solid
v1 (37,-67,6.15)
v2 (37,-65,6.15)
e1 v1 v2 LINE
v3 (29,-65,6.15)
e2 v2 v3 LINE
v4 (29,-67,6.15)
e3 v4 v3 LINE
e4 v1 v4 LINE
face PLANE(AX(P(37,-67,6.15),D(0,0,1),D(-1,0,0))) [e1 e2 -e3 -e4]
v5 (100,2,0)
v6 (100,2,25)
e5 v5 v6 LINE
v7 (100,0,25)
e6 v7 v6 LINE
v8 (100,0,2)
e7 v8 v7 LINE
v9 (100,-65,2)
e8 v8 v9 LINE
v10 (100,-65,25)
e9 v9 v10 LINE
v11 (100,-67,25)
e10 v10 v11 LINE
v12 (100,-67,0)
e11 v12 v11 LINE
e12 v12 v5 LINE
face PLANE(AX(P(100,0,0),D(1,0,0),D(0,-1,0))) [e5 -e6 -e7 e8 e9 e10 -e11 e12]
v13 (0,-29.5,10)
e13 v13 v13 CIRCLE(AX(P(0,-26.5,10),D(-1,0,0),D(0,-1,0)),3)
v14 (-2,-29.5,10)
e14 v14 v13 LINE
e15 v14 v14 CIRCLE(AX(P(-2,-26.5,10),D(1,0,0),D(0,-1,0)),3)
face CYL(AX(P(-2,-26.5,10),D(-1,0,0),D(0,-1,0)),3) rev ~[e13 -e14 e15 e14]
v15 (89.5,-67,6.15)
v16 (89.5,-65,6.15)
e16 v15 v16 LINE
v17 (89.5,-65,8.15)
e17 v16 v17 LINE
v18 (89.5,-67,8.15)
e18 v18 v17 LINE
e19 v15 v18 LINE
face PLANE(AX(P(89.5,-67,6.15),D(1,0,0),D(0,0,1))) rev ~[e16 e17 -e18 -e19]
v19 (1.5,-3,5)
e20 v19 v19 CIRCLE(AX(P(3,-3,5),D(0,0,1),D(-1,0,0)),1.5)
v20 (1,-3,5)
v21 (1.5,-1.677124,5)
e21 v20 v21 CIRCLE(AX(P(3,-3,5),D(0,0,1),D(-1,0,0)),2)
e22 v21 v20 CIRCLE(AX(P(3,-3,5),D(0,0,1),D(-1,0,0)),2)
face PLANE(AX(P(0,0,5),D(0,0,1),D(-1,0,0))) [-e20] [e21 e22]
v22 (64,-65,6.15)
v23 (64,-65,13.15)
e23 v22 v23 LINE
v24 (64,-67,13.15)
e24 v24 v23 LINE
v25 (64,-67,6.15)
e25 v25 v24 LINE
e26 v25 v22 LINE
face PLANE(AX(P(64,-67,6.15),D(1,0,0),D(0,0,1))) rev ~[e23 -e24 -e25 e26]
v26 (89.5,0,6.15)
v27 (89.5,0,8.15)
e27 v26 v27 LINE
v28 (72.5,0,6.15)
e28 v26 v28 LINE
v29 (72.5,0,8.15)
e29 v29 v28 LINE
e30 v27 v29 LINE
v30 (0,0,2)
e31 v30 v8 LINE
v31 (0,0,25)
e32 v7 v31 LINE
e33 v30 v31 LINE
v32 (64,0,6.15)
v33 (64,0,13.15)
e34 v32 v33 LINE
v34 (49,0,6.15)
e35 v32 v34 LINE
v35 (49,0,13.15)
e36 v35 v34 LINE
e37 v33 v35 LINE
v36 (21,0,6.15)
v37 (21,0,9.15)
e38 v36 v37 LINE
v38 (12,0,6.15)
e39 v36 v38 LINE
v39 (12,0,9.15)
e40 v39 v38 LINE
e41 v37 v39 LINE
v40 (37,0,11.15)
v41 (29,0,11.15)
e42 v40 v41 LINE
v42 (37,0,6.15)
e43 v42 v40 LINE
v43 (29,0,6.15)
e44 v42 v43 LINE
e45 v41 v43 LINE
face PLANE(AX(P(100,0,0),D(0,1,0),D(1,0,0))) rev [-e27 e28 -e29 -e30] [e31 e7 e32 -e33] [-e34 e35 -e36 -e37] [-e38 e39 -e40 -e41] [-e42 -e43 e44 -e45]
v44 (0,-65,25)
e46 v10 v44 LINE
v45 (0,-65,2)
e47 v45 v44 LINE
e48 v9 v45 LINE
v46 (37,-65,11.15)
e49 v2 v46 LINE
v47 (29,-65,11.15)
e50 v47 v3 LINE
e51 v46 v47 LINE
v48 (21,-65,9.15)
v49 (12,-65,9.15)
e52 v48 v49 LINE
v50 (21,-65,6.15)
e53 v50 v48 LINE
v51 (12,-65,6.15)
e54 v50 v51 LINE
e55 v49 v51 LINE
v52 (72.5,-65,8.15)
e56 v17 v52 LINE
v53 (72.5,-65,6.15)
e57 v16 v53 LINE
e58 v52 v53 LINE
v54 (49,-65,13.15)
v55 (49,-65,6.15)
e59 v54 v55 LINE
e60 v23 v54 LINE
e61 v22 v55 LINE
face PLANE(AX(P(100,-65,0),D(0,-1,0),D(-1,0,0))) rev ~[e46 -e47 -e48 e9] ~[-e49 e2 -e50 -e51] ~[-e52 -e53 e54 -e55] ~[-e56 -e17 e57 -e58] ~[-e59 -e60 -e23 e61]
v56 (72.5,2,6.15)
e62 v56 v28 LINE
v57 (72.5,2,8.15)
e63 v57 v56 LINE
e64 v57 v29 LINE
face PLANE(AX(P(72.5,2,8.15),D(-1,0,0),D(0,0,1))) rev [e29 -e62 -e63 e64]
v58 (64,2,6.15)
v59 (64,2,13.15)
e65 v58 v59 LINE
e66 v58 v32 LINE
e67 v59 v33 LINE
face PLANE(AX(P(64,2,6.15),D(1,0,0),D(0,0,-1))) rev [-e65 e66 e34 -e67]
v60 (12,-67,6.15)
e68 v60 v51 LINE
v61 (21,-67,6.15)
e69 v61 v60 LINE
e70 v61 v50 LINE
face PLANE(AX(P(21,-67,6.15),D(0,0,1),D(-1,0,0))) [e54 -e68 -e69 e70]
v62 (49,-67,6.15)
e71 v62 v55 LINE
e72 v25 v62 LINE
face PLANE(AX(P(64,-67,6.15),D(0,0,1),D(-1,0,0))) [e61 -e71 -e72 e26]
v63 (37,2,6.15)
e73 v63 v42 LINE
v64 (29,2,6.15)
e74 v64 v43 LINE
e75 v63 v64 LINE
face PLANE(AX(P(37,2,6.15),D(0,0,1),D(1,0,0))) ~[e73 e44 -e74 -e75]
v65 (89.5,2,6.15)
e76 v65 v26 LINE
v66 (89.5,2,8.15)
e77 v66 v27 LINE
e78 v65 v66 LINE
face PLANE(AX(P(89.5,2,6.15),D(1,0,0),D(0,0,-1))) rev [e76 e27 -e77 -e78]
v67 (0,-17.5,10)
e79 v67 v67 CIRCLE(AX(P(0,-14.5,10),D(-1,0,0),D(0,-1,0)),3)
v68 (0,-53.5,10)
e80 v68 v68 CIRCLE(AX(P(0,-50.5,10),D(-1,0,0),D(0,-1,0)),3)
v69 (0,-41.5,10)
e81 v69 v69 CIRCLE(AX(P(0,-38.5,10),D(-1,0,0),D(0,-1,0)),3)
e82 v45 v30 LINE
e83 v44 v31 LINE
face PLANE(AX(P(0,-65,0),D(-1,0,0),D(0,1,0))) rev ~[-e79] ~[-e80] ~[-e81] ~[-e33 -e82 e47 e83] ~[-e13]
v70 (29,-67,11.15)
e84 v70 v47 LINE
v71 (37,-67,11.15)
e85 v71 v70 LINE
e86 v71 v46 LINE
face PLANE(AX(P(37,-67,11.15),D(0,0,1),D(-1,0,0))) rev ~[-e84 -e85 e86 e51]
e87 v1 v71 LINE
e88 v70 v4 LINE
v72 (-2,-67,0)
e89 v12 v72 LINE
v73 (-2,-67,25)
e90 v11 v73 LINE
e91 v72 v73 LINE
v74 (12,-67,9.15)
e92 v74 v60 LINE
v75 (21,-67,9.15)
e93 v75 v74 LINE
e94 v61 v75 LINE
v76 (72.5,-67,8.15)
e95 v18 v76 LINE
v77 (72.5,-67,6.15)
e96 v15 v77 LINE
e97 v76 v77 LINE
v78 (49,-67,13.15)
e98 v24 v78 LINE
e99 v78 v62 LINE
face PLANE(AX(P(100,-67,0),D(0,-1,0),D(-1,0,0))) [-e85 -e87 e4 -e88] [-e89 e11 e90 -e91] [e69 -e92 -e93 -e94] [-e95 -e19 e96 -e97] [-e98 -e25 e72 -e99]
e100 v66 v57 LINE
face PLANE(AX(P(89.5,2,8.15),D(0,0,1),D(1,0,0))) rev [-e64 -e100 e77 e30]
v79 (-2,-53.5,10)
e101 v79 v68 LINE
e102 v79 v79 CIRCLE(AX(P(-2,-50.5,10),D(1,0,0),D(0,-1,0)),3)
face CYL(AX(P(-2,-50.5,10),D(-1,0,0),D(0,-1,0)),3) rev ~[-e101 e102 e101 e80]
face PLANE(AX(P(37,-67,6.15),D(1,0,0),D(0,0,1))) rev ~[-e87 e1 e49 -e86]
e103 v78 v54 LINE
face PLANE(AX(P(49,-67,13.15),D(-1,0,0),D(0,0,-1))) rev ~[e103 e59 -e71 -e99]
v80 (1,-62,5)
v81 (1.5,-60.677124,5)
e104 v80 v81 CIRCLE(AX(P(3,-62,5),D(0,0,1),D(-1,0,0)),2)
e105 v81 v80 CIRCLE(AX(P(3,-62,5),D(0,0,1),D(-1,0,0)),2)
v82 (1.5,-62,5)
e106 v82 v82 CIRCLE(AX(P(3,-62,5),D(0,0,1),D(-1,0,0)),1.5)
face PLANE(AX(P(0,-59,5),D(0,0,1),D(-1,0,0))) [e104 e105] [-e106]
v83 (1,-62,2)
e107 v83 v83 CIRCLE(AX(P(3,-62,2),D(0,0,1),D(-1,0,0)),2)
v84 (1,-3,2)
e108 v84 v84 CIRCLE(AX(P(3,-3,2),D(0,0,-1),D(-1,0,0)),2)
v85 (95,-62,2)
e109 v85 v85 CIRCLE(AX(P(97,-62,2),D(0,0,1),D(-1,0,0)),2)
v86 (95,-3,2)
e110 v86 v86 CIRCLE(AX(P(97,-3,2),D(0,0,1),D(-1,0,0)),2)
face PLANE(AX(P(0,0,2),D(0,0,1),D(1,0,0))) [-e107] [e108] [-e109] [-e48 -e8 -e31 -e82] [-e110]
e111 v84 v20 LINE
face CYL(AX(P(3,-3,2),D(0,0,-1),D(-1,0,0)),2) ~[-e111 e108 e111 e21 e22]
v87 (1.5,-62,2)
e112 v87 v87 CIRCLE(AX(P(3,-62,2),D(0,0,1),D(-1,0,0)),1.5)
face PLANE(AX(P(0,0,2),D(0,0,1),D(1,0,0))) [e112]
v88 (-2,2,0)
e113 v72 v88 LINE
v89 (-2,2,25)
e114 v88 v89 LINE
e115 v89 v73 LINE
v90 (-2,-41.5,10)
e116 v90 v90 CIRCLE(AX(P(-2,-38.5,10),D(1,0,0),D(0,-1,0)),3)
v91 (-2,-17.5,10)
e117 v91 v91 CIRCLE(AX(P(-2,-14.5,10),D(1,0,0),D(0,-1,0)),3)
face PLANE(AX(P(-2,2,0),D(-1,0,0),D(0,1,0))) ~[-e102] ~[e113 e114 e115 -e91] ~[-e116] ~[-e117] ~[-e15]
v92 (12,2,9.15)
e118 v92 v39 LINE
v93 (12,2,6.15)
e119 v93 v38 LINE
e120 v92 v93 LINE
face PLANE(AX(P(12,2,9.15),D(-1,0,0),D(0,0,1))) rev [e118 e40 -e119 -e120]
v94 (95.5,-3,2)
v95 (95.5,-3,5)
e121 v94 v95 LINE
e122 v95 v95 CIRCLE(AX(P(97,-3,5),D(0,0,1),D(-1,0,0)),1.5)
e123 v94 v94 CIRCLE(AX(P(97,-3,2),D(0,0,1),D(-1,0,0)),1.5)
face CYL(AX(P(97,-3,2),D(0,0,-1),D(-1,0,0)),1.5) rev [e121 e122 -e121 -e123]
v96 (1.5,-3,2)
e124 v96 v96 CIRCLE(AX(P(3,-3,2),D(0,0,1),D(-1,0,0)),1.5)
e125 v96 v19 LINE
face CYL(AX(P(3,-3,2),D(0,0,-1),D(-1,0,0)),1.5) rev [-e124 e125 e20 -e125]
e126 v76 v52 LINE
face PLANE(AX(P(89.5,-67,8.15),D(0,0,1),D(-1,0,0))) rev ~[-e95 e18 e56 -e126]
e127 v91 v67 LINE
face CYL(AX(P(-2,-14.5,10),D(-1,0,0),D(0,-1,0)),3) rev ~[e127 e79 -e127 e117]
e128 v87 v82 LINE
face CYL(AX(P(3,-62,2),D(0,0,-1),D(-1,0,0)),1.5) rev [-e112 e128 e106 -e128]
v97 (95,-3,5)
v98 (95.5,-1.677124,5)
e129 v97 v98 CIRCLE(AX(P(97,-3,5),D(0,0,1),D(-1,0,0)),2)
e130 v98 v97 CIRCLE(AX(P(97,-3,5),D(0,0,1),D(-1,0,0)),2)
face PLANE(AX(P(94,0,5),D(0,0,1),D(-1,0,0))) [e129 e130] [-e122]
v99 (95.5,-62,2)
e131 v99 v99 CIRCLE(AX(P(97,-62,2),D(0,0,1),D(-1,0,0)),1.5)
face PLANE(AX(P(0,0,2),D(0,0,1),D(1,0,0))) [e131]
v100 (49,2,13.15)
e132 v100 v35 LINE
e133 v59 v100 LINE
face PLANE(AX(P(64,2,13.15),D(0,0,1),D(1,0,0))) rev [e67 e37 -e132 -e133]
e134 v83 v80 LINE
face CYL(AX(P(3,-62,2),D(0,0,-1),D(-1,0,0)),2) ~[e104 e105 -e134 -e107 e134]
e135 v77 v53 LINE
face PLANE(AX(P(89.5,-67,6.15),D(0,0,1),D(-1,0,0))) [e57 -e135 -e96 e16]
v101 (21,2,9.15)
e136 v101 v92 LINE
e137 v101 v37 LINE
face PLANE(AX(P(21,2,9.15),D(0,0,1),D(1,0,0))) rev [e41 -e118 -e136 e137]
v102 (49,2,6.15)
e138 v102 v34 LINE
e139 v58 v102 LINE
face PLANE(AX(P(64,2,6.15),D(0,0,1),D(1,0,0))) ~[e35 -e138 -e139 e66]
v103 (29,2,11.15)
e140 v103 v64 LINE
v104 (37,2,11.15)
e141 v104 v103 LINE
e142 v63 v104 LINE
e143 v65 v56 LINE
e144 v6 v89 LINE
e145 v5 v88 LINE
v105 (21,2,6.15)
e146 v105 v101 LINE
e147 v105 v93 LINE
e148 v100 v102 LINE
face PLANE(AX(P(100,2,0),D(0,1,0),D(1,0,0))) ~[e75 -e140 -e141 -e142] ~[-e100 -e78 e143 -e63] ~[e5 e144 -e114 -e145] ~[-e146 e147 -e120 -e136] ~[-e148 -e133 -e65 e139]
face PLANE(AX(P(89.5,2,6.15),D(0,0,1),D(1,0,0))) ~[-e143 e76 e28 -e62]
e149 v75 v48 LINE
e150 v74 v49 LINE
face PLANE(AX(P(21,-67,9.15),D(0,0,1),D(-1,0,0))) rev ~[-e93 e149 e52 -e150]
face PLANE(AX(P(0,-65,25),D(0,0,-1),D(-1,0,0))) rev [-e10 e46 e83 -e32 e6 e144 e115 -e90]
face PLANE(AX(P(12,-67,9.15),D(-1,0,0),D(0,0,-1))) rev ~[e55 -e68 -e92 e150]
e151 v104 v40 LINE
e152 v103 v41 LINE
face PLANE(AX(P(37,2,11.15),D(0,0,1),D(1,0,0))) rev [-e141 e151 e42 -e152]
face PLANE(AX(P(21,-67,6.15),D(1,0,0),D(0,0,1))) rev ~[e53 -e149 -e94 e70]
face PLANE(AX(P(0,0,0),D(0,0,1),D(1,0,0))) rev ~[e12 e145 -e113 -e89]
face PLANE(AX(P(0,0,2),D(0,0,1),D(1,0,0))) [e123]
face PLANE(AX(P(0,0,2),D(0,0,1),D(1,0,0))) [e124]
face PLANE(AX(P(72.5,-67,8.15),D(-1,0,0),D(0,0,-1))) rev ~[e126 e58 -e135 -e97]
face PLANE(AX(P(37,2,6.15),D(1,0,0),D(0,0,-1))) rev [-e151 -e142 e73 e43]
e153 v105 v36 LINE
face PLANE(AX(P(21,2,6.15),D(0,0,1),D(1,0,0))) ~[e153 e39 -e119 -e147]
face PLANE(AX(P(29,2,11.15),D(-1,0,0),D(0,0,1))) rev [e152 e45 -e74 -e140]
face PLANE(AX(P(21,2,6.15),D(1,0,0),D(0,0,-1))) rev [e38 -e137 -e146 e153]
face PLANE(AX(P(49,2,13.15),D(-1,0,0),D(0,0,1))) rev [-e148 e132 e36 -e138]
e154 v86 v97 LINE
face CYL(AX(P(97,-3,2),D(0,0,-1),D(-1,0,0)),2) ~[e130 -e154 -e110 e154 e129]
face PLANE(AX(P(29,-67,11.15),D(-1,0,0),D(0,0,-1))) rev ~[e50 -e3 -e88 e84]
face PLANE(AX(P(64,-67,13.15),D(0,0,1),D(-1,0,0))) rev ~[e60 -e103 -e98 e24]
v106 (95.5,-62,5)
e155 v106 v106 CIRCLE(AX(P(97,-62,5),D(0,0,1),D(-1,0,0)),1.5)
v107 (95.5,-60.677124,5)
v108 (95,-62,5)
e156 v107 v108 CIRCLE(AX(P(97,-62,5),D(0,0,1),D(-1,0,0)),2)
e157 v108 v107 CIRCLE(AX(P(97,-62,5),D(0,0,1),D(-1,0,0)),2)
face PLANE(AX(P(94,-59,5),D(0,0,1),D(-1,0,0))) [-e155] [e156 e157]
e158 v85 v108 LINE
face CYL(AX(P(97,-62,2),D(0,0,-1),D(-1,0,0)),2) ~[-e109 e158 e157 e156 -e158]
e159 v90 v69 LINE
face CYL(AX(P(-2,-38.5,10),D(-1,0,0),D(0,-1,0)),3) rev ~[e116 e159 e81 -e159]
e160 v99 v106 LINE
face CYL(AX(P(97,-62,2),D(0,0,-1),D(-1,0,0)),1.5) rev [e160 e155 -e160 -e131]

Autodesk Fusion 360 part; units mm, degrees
sketch "Sketch1" plane through (0, 0, 0) normal (0, 0, 1) x (1, 0, 0)
  line L0 (0, 0) -> (100, 0)
  line L1 (100, 0) -> (100, -65)
  line L2 (100, -65) -> (0, -65)
  line L3 (0, -65) -> (0, 0)
  dimension "d1" = 100
  dimension "d2" = 65
extrude "Extrude1" add sketch "Sketch1" along normal blind 2
sketch "Sketch2" plane through (0, 0, 2) normal (0, 0, 1) x (-1, 0, 0)
  line L0 (0, 65) -> (-100, 65)
  line L1 (-100, 65) -> (-100, 0)
  line L2 (-100, 0) -> (0, 0)
  line L3 (0, 0) -> (0, 65)
  line L4 (0, 65) -> (-120, 65)
  line L5 (-120, 65) -> (-210, 65)
  line L6 (-210, 65) -> (-290, 65)
  line L7 (-290, 65) -> (-370, 65)
  line L8 (-370, 65) -> (-490, 65)
  line L9 (-490, 65) -> (-640, 65)
  line L10 (-640, 65) -> (-725, 65)
  line L11 (-725, 65) -> (-895, 65)
  line L12 (-895, 65) -> (-1000, 65)
  line L13 (0, 0) -> (-1.5, 0)
  line L14 (-1.5, 0) -> (-1.5, 1.5)
  line L15 (-1.5, 1.5) -> (-1.5, 3)
  line L16 (-1.5, 3) -> (-3, 3)
  circle A0 centre (-3, 3) radius 1.5
  circle A1 centre (-3, 3) radius 2
  dimension "d5" = 120
  dimension "d6" = 90
  dimension "d7" = 80
  dimension "d8" = 80
  dimension "d9" = 120
  dimension "d10" = 150
  dimension "d11" = 85
  dimension "d12" = 170
  dimension "d13" = 105
  dimension "d14" = 1.5
  dimension "d15" = 1.5
  dimension "d16" = 1.5
  dimension "d17" = 1.5
  dimension "d18" = 3
extrude "Extrude2" add sketch "Sketch2" along normal blind 3 contours A1
pattern_linear "R-Pattern2" count 2 spacing 94 along (1, 0, 0) count 2 spacing 59 along (0, -1, 0) of "Extrude2"
sketch "Sketch4" plane through (0, 0, 0) normal (0, 0, -1) x (1, 0, 0)
  line L0 (100, 65) -> (0, 65)
  line L1 (0, 65) -> (0, 0)
  line L2 (0, 0) -> (100, 0)
  line L3 (100, 0) -> (100, 65)
  line L4 (0, 0) -> (-2, 0)
  line L5 (-2, 0) -> (-2, 65)
  line L6 (-2, 65) -> (0, 65)
  line L7 (0, 65) -> (0, 0)
  line L8 (-2, 65) -> (100, 65)
  line L9 (100, 65) -> (100, 67)
  line L10 (100, 67) -> (-2, 67)
  line L11 (-2, 67) -> (-2, 65)
  dimension "d37" = 2
  dimension "d38" = 2
extrude "Extrude6" add sketch "Sketch4" against normal blind 25 contours L0 L6 L8 L9 L10 L11 | L1 L4 L5 L6 L7 L8
sketch "Sketch5" plane through (0, -67, 0) normal (0, -1, 0) x (1, 0, 0)
  line L0 (-2, 0) -> (100, 0)
  line L1 (100, 0) -> (100, 25)
  line L2 (100, 25) -> (-2, 25)
  line L3 (-2, 25) -> (-2, 0)
  line L4 (0, 25) -> (0, 0) construction
  line L5 (0, 5) -> (100, 5) construction
  line L6 (0, 5) -> (100, 5)
  line L7 (100, 5) -> (100, 6.15)
  line L8 (100, 6.15) -> (0, 6.15)
  line L9 (0, 6.15) -> (0, 5)
  line L10 (0, 6.15) -> (12, 6.15)
  line L11 (12, 6.15) -> (21, 6.15)
  line L12 (21, 6.15) -> (21, 9.15)
  line L13 (21, 9.15) -> (12, 9.15)
  line L14 (12, 9.15) -> (12, 6.15)
  line L15 (21, 6.15) -> (29, 6.15)
  line L16 (29, 6.15) -> (37, 6.15)
  line L17 (37, 6.15) -> (37, 11.15)
  line L18 (37, 11.15) -> (29, 11.15)
  line L19 (29, 11.15) -> (29, 6.15)
  line L20 (37, 6.15) -> (49, 6.15)
  line L21 (49, 6.15) -> (64, 6.15)
  line L22 (64, 6.15) -> (64, 13.15)
  line L23 (64, 13.15) -> (49, 13.15)
  line L24 (49, 13.15) -> (49, 6.15)
  line L25 (64, 6.15) -> (72.5, 6.15)
  line L26 (72.5, 6.15) -> (89.5, 6.15)
  line L27 (89.5, 6.15) -> (89.5, 8.15)
  line L28 (89.5, 8.15) -> (72.5, 8.15)
  line L29 (72.5, 8.15) -> (72.5, 6.15)
  line L30 (89.5, 6.15) -> (100, 6.15)
  dimension "d41" = 1.15
  dimension "d42" = 12
  dimension "d43" = 9
  dimension "d44" = 3
  dimension "d45" = 8
  dimension "d46" = 8
  dimension "d47" = 5
  dimension "d48" = 12
  dimension "d49" = 15
  dimension "d50" = 7
  dimension "d51" = 8.5
  dimension "d52" = 17
  dimension "d53" = 2
extrude "Extrude7" cut sketch "Sketch5" against normal up to surface (2 mm away) contours L8 L26 L27 L28 L29 | L8 L11 L12 L13 L14 | L8 L21 L22 L23 L24 | L8 L16 L17 L18 L19
sketch "Sketch6" plane through (-2, 0, 0) normal (-1, 0, 0) x (0, -1, 0)
  line L0 (0, 0) -> (67, 0)
  line L1 (67, 0) -> (67, 25)
  line L2 (67, 25) -> (0, 25)
  line L3 (0, 25) -> (0, 0)
  line L4 (65, 25) -> (65, 0)
  line L5 (67, 5) -> (0, 5)
  line L6 (67, 5) -> (0, 5)
  line L7 (0, 5) -> (0, 6.15)
  line L8 (0, 6.15) -> (67, 6.15) construction
  line L9 (67, 6.15) -> (67, 5)
  line L10 (65, 5) -> (65, 10)
  line L11 (65, 10) -> (0, 10)
  line L12 (65, 10) -> (50.5, 10)
  circle A0 centre (50.5, 10) radius 3
  line L13 (50.5, 10) -> (38.5, 10)
  circle A1 centre (38.5, 10) radius 3
  line L14 (38.5, 10) -> (26.5, 10)
  circle A2 centre (26.5, 10) radius 3
  line L15 (26.5, 10) -> (14.5, 10)
  circle A3 centre (14.5, 10) radius 3
  dimension "d56" = 67
  dimension "d57" = 1.15
  dimension "d58" = 5
  dimension "d59" = 14.5
  dimension "d60" = 6
  dimension "d61" = 12
  dimension "d62" = 12
  dimension "d63" = 12
ref_plane "WorkPlane1" through (50, -32.5, 13.5) normal (0, 1, 0) x (-1, 0, 0)
mirror "Mirror1" about plane through (50, -32.5, 13.5) normal (0, 1, 0) of "Extrude6"
extrude "Extrude8" cut sketch "Sketch6" against normal up to surface (2 mm away) contours L11 L12 A0 L13 | L11 L12 A0 L13 | L11 L15 A3 | L11 L15 A3 | L11 L13 A1 L14 | L11 L13 A1 L14 | L11 L14 A2 L15 | L11 L14 A2 L15
mirror "Mirror2" about plane through (50, -32.5, 13.5) normal (0, 1, 0) of "Extrude7"
